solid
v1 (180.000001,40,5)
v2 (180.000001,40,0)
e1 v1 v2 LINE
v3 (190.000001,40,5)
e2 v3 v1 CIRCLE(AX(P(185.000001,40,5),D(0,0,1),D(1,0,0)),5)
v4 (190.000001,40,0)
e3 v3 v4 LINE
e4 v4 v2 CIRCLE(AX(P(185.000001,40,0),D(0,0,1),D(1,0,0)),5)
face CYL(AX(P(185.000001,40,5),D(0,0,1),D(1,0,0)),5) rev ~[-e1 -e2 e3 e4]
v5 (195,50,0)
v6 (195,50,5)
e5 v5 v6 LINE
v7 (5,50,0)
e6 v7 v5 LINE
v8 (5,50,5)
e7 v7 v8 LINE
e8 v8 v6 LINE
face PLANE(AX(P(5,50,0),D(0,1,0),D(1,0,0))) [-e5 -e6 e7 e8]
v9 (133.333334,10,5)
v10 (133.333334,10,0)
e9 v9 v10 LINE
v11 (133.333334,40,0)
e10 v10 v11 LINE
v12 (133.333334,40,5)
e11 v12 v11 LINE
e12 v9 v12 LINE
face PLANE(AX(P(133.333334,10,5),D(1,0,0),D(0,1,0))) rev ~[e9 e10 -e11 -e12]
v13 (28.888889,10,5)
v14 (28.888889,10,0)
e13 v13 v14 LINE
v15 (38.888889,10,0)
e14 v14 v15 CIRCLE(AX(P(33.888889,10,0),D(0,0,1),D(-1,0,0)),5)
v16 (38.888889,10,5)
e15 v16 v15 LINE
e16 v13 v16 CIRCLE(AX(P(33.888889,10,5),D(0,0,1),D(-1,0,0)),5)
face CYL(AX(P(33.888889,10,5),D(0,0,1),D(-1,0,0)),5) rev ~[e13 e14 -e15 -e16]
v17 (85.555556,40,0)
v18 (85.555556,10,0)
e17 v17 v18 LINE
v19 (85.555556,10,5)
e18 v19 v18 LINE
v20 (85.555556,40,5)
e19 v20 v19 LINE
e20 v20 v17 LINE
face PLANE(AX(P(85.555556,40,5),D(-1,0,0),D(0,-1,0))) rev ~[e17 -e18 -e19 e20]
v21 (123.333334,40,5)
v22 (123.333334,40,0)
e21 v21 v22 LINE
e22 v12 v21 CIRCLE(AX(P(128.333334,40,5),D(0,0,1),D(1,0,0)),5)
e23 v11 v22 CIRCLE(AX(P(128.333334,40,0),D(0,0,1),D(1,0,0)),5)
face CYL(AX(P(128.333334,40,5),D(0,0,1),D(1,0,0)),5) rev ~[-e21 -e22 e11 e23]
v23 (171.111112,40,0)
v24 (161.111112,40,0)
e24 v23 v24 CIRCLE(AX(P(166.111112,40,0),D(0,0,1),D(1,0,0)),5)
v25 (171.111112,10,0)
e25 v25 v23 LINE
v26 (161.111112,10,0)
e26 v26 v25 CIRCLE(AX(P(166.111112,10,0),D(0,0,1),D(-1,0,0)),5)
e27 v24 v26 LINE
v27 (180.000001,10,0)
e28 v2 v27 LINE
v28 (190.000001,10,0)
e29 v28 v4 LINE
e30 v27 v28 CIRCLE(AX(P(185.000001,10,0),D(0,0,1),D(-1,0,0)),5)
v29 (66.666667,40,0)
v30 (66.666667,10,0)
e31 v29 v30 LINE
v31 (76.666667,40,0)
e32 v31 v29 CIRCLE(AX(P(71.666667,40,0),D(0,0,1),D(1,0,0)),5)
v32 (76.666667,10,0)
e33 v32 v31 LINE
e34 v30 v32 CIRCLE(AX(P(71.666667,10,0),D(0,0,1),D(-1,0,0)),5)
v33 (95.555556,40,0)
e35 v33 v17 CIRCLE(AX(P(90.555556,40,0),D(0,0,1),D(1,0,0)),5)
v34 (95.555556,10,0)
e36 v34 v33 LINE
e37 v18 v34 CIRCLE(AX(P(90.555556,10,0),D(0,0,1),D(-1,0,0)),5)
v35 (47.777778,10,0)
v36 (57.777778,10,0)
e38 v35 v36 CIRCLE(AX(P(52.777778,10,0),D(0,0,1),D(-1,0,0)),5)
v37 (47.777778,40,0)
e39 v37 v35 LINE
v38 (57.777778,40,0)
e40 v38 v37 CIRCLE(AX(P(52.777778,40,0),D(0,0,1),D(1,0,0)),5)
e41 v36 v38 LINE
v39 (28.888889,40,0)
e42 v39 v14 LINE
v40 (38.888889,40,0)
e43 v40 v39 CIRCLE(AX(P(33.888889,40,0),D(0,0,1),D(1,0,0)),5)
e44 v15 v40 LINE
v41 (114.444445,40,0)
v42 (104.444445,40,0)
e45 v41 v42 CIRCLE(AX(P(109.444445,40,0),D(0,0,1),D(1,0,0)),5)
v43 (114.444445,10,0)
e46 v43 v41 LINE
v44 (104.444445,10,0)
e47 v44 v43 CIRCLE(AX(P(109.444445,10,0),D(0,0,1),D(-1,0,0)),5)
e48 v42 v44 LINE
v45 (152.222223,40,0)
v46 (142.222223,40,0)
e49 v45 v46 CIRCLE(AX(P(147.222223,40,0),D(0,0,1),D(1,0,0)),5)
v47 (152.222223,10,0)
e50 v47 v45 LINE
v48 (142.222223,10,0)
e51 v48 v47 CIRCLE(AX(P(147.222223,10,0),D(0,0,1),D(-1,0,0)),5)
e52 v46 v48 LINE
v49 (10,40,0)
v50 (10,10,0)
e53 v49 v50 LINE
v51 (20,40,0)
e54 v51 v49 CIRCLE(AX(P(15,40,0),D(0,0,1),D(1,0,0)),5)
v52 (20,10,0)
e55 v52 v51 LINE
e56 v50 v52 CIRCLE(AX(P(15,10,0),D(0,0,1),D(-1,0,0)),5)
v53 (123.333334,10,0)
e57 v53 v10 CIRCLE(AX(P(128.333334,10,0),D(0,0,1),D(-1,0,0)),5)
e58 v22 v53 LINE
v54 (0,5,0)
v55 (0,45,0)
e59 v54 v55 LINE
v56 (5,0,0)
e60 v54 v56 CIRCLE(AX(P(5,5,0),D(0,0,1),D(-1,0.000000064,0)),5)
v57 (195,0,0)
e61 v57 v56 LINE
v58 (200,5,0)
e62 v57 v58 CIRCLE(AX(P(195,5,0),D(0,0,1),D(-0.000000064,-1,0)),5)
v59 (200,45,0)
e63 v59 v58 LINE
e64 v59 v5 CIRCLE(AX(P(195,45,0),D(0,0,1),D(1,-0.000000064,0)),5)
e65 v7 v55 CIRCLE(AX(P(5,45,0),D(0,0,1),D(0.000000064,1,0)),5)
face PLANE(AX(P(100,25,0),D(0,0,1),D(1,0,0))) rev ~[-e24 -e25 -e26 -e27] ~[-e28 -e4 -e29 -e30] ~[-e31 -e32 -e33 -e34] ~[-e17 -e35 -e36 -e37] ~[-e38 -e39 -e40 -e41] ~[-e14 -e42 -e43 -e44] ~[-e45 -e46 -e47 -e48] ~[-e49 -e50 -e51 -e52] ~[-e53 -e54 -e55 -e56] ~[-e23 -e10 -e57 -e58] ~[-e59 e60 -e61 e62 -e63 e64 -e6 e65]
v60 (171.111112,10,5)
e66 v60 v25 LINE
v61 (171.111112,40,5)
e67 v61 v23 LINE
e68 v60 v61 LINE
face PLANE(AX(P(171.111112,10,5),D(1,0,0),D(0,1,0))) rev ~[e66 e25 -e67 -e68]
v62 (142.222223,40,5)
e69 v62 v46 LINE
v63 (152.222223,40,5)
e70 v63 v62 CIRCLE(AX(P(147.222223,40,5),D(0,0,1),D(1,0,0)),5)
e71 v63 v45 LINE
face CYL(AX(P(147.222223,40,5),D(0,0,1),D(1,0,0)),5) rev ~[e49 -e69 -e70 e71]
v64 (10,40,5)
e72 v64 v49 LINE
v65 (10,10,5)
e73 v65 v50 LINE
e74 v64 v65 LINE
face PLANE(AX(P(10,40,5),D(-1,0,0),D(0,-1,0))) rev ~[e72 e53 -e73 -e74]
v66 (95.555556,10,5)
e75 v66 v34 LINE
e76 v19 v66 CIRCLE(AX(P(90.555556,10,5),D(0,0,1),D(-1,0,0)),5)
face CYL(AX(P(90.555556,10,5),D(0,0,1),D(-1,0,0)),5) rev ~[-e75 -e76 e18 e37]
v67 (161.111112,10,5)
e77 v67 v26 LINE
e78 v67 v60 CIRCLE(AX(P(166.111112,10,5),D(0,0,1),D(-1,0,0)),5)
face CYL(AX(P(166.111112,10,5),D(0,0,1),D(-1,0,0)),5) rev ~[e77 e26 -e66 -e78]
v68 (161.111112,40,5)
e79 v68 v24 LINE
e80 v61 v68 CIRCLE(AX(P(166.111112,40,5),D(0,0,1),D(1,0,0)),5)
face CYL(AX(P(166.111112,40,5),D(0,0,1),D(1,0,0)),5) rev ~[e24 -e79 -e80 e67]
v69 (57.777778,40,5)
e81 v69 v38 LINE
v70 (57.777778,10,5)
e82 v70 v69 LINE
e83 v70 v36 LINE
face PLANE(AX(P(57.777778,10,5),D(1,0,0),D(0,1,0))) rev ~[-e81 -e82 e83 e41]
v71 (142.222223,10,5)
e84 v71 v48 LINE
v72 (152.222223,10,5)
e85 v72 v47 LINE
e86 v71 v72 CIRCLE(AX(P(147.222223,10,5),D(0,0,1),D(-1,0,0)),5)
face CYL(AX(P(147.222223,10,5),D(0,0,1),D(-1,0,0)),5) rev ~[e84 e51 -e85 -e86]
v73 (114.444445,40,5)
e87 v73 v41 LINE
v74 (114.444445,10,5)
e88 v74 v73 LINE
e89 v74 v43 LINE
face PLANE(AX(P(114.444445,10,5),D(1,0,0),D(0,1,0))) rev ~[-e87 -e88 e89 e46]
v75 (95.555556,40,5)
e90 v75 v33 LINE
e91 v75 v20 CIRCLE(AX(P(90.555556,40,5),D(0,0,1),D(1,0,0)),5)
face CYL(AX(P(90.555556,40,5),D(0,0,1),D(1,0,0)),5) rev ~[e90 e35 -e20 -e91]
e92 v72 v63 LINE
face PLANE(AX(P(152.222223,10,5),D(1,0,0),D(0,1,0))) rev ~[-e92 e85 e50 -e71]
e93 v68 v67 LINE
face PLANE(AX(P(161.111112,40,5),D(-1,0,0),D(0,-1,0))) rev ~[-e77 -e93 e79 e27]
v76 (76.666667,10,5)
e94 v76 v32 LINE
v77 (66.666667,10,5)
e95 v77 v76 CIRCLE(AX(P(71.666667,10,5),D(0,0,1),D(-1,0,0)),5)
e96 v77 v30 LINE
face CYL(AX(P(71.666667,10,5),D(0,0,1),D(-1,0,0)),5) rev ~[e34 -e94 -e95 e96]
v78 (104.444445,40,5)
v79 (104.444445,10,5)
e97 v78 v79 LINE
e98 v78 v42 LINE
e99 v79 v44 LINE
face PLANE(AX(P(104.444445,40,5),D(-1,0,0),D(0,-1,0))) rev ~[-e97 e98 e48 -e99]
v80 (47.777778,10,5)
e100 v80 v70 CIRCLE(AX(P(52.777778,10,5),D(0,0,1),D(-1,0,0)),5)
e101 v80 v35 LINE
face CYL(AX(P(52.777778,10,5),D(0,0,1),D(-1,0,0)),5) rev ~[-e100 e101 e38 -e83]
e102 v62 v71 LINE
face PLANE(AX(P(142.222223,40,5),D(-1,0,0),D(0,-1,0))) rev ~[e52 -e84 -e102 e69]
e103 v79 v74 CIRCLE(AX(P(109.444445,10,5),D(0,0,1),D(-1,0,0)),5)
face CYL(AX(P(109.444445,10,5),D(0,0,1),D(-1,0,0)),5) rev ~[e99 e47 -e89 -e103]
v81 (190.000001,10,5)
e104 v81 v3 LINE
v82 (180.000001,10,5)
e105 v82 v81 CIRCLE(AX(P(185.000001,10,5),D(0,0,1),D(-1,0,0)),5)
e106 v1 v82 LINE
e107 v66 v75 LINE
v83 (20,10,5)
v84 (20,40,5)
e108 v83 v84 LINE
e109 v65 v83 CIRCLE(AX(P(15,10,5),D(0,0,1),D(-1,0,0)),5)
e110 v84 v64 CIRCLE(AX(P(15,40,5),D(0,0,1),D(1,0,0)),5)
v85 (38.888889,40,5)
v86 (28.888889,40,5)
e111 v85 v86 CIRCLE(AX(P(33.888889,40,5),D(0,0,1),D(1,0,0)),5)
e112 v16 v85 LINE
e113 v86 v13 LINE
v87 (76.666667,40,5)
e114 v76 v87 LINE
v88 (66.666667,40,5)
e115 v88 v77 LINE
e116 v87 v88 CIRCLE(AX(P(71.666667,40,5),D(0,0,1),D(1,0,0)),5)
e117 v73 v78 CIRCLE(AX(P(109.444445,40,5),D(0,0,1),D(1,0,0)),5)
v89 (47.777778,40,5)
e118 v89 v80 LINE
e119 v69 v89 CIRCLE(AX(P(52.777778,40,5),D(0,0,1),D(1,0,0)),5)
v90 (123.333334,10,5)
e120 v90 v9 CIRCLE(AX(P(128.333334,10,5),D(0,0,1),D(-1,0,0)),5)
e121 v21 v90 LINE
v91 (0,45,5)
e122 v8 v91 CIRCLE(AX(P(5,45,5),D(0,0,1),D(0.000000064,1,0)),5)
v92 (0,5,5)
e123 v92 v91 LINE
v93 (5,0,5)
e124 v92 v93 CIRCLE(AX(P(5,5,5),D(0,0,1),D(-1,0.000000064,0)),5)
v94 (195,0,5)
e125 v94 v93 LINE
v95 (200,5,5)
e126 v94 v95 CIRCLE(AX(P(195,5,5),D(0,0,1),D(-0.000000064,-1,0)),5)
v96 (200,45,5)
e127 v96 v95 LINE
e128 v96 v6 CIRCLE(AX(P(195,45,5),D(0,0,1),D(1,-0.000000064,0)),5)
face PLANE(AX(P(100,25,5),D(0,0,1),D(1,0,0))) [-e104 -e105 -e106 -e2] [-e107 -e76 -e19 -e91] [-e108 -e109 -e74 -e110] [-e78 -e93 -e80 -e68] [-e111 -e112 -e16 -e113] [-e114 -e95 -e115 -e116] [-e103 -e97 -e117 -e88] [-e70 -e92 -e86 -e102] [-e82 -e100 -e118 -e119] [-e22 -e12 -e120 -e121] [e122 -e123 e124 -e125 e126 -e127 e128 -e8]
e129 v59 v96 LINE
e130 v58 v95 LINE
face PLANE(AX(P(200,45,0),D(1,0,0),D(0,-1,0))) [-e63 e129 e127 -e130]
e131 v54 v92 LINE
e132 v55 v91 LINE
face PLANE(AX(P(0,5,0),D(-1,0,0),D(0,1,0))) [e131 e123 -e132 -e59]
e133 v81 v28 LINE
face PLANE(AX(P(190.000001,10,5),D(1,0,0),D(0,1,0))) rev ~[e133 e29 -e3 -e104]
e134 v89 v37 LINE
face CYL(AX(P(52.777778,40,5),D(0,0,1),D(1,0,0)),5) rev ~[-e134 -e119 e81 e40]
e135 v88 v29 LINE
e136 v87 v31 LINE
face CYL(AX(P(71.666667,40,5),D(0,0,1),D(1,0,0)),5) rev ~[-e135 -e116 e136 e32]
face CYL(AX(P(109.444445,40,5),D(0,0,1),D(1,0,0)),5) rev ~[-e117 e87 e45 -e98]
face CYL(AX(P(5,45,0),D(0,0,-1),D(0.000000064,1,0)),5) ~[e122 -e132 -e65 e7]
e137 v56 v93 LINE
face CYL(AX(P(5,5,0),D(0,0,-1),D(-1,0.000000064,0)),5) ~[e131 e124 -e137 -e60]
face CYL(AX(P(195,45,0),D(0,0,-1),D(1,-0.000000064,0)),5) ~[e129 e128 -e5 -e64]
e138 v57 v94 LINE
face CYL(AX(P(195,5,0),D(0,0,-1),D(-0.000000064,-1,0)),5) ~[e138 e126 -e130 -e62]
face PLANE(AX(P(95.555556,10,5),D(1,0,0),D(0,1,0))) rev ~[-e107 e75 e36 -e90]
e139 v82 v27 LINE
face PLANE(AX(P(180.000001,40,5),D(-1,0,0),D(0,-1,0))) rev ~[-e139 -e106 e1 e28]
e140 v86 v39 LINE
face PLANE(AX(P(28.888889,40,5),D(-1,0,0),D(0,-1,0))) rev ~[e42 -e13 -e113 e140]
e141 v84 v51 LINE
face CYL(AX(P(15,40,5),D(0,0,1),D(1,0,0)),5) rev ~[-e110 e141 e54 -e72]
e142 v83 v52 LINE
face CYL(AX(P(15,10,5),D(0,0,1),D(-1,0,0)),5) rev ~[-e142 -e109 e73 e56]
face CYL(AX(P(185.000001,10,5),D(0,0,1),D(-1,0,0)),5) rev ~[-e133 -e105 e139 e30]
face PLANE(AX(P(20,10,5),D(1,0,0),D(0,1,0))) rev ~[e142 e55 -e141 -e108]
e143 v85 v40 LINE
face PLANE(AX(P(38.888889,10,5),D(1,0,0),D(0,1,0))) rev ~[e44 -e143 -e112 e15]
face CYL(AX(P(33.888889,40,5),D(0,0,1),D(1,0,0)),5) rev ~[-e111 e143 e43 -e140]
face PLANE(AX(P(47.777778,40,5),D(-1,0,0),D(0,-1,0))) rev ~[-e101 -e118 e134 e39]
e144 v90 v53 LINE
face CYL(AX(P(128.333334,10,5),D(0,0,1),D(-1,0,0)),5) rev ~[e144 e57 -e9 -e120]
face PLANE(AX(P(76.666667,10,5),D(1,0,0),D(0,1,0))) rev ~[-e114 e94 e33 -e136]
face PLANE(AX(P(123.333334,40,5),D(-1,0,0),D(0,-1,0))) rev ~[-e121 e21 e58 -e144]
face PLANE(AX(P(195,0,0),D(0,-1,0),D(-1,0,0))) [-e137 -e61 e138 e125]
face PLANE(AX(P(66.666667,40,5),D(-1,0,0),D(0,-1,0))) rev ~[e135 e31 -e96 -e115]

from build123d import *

# Parameters (mm, degrees)
PAD_DEPTH           = 5
POCKET_DEPTH        = 5
LINEARPATTERN_COUNT = 10
LINEARPATTERN_PITCH = 18.888889


with BuildPart() as part:
    # Sketch → Pad (new body)
    with BuildSketch(Plane.XY):
        with BuildLine():
            ThreePointArc((0, 5), (1.464466, 1.464466), (5, 0))
            Line((195, 0), (5, 0))
            ThreePointArc((195, 0), (198.535534, 1.464466), (200, 5))
            Line((200, 45), (200, 5))
            ThreePointArc((200, 45), (198.535534, 48.535534), (195, 50))
            Line((5, 50), (195, 50))
            ThreePointArc((5, 50), (1.464466, 48.535534), (0, 45))
            Line((0, 5), (0, 45))
        make_face()
    extrude(amount=PAD_DEPTH)

    # Sketch001 (on Face10 of Pad) → Pocket (cut)
    with BuildSketch(Plane.XY.offset(5)):
        with BuildLine():
            ThreePointArc((10, 10), (15, 5), (20, 10))
            Line((20, 10), (20, 40))
            ThreePointArc((20, 40), (15, 45), (10, 40))
            Line((10, 40), (10, 10))
        make_face()
    pocket = extrude(amount=-POCKET_DEPTH, mode=Mode.SUBTRACT)

    # LinearPattern: Pocket ×10
    with Locations(*[(i * LINEARPATTERN_PITCH, 0, 0) for i in range(1, LINEARPATTERN_COUNT)]):
        add(pocket, mode=Mode.SUBTRACT)


solid = part.part
